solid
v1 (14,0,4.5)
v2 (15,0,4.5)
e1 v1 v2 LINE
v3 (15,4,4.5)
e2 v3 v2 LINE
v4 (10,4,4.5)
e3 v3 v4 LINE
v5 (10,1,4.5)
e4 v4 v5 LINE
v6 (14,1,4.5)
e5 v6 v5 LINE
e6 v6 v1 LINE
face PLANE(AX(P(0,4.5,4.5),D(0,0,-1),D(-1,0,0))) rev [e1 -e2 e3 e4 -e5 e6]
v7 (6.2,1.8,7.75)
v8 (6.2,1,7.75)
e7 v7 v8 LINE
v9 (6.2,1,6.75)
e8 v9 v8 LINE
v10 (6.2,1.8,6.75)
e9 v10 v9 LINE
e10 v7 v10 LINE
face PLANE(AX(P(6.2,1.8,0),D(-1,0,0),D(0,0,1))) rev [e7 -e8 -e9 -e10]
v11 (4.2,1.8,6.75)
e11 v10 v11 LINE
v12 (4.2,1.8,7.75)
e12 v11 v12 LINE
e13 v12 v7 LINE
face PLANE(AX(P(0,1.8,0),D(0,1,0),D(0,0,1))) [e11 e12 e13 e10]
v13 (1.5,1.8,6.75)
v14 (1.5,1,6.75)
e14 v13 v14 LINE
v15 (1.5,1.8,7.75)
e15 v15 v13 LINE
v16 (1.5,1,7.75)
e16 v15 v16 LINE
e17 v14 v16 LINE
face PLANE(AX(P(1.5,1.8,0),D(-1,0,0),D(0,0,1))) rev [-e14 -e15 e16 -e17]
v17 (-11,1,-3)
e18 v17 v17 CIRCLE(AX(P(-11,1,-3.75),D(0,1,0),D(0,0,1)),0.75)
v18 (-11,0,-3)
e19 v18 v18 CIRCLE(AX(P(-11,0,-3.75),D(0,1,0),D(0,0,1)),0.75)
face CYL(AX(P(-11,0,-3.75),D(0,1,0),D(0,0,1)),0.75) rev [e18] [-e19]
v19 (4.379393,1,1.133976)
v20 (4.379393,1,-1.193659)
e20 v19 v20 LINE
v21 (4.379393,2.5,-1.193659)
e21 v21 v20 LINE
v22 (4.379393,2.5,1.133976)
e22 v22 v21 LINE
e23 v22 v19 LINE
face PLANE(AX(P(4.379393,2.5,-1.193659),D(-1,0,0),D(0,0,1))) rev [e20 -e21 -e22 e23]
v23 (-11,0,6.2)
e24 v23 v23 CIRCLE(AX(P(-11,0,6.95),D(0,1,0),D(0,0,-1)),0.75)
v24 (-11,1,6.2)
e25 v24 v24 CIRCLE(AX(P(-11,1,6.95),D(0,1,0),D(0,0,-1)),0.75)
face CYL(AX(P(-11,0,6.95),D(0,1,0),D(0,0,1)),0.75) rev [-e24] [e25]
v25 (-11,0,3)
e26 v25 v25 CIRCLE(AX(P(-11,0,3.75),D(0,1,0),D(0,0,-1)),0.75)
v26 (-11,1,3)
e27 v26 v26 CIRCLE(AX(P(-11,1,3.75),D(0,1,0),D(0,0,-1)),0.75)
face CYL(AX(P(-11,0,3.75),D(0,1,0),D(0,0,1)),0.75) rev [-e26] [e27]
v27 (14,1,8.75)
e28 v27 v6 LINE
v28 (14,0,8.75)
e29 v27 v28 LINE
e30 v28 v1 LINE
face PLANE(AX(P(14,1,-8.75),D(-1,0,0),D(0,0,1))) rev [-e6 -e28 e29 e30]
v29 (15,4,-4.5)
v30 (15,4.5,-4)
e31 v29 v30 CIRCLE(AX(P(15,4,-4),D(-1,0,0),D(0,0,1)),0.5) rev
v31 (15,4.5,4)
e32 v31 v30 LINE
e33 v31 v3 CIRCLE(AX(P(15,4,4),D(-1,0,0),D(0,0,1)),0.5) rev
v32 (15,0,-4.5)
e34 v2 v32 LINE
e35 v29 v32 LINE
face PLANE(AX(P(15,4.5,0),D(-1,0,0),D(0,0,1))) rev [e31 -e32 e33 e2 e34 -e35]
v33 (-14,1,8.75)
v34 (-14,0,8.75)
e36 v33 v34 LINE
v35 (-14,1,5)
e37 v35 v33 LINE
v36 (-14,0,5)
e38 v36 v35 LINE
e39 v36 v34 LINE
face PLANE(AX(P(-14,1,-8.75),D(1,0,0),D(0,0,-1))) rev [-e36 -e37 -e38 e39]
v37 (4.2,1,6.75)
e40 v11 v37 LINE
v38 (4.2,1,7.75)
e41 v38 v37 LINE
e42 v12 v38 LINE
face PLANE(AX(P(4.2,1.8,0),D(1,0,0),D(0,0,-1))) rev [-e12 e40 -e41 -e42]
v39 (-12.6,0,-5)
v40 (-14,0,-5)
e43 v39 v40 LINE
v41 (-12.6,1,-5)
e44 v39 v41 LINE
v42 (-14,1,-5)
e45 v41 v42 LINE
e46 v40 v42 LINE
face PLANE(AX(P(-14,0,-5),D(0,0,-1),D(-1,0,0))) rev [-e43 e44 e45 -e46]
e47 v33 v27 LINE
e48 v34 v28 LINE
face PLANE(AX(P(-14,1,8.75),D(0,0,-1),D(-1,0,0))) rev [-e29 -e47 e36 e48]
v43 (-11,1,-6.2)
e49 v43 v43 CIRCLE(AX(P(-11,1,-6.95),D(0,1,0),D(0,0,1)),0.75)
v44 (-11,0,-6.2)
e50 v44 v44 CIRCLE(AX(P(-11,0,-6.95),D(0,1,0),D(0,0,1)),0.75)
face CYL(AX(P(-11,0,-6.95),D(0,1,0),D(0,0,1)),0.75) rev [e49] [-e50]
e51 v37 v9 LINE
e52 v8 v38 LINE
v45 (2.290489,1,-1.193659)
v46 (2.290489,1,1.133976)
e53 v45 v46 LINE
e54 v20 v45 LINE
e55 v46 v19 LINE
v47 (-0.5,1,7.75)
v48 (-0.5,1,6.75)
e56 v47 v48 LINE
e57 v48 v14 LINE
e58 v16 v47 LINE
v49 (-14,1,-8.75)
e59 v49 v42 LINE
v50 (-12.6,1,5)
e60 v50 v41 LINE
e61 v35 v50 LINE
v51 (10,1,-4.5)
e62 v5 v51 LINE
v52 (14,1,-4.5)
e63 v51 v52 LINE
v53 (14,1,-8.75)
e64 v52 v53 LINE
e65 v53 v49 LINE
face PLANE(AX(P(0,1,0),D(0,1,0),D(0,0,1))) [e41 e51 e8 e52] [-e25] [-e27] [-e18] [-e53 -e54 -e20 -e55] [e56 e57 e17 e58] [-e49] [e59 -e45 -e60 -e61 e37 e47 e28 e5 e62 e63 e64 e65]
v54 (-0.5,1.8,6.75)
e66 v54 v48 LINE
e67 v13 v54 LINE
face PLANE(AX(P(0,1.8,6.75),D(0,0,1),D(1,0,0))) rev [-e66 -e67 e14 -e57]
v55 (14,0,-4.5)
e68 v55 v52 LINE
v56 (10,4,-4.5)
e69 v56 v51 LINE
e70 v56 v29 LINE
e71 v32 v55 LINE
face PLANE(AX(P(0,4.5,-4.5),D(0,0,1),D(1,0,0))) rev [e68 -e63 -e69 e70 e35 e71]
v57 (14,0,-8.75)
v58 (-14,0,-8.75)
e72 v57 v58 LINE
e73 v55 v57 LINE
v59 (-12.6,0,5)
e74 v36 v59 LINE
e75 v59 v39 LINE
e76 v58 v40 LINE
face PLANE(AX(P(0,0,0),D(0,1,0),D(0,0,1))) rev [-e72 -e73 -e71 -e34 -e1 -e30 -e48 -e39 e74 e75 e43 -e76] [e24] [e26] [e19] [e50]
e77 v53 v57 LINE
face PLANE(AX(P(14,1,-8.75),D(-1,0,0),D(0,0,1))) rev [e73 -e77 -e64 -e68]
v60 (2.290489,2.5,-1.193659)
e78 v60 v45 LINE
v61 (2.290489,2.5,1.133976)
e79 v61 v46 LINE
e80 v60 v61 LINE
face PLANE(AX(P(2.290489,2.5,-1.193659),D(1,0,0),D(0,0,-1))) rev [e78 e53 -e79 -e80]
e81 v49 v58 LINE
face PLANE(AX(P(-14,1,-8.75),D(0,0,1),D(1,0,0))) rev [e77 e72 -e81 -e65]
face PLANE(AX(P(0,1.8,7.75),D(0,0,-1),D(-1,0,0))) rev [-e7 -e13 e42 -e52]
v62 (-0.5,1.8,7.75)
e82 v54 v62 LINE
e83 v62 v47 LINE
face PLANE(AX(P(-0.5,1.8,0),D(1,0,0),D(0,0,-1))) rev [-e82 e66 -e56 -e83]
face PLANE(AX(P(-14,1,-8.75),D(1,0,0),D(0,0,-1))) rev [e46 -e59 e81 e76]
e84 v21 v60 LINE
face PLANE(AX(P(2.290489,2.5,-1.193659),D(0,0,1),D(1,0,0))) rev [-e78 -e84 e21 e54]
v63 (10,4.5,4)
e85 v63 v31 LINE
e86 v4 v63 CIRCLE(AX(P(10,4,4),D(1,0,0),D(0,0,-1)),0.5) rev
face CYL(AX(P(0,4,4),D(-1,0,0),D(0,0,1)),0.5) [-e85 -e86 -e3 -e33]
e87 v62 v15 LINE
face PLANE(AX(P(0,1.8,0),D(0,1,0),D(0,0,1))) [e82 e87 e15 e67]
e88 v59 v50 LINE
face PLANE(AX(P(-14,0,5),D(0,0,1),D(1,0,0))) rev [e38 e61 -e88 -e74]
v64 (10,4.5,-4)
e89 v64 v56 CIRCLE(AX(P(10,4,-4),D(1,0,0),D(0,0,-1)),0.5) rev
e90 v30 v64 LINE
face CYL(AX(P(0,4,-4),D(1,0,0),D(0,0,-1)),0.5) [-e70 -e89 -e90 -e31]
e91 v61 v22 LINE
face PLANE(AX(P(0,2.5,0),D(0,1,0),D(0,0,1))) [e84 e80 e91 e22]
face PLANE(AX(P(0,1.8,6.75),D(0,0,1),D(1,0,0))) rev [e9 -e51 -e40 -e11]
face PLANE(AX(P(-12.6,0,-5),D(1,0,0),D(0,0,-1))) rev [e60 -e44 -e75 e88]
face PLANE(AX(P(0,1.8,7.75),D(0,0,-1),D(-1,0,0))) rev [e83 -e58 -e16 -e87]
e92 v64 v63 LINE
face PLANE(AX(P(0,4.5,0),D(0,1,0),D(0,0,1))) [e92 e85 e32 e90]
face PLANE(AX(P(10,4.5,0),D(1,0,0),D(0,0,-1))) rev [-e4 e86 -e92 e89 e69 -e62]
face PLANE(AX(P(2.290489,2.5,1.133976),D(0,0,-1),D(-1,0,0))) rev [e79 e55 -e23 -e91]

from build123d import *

# Parameters (mm, degrees)
SKETCH_1_W             = 28
SKETCH_1_H             = 17.5
EXTRUDE_1_DEPTH        = 1
EXTRUDE_START          = -1
SKETCH_2_W             = 5
SKETCH_2_H             = 9
EXTRUDE_2_DEPTH        = 4.5
FILLET_1_R             = 0.5
SKETCH_3_W             = 2.088904022
SKETCH_3_H             = 2.32763591
EXTRUDE_3_DEPTH        = 1.5
SKETCH_6_W             = 1.4
SKETCH_6_H             = 10
CUT_EXTRUDE_2_DEPTH    = 2
SKETCH_4_R             = 0.75
CUT_EXTRUDE_1_DEPTH    = 2
SKETCH_5_W             = 2
SKETCH_5_H             = 1
EXTRUDE_4_DEPTH        = 1.8
PATTERN_LINEAR_1_COUNT = 2
PATTERN_LINEAR_1_PITCH = 4.7


with BuildPart() as part:
    # 草图1 → 凸台-拉伸1 (new body)
    with BuildSketch(Plane(origin=(0, 0, 0), x_dir=(1, 0, 0), z_dir=(0, 1, 0))):
        Rectangle(SKETCH_1_W, SKETCH_1_H)
    extrude(amount=EXTRUDE_1_DEPTH)

    # 草图2 → 凸台-拉伸2 (add)
    with BuildSketch(Plane(origin=(0, 1, 0), x_dir=(1, 0, 0), z_dir=(0, 1, 0)).offset(EXTRUDE_START)):
        with Locations((12.5, 0)):
            Rectangle(SKETCH_2_W, SKETCH_2_H)
    extrude(amount=EXTRUDE_2_DEPTH)

    # 圆角1
    fillet_1_edges = [part.edges().sort_by_distance(p)[0] for p in [
        (12.5, 4.5, 4.5),
        (12.5, 4.5, -4.5),
    ]]
    fillet(fillet_1_edges, radius=FILLET_1_R)

    # 草图3 → 凸台-拉伸3 (add)
    with BuildSketch(Plane(origin=(0, 1, 0), x_dir=(1, 0, 0), z_dir=(0, 1, 0))):
        with Locations((3.334941172, 0.029841486)):
            Rectangle(SKETCH_3_W, SKETCH_3_H)
    extrude(amount=EXTRUDE_3_DEPTH)

    # 草图6 → 切除-拉伸2 (cut, through all)
    with BuildSketch(Plane(origin=(0, 1, 0), x_dir=(1, 0, 0), z_dir=(0, 1, 0))):
        with Locations((-13.3, 0)):
            Rectangle(SKETCH_6_W, SKETCH_6_H)
    extrude(amount=-CUT_EXTRUDE_2_DEPTH, mode=Mode.SUBTRACT)

    # 草图4 → 切除-拉伸1 (cut, through all)
    with BuildSketch(Plane(origin=(0, 1, 0), x_dir=(1, 0, 0), z_dir=(0, 1, 0))):
        with Locations((-11, 6.95)):
            Circle(SKETCH_4_R)
        with Locations((-11, 3.75)):
            Circle(SKETCH_4_R)
        with Locations((-11, -3.75)):
            Circle(SKETCH_4_R)
        with Locations((-11, -6.95)):
            Circle(SKETCH_4_R)
    extrude(amount=-CUT_EXTRUDE_1_DEPTH, mode=Mode.SUBTRACT)

    # 草图5 → 凸台-拉伸4 (add)
    with BuildSketch(Plane(origin=(0, 1, 0), x_dir=(1, 0, 0), z_dir=(0, 1, 0)).offset(EXTRUDE_START)):
        with Locations((5.2, -7.25)):
            Rectangle(SKETCH_5_W, SKETCH_5_H)
    extrude_4 = extrude(amount=EXTRUDE_4_DEPTH)

    # 阵列(线性)1: 凸台-拉伸4 ×2
    with Locations(*[(-i * PATTERN_LINEAR_1_PITCH, 0, 0) for i in range(1, PATTERN_LINEAR_1_COUNT)]):
        add(extrude_4)


solid = part.part
